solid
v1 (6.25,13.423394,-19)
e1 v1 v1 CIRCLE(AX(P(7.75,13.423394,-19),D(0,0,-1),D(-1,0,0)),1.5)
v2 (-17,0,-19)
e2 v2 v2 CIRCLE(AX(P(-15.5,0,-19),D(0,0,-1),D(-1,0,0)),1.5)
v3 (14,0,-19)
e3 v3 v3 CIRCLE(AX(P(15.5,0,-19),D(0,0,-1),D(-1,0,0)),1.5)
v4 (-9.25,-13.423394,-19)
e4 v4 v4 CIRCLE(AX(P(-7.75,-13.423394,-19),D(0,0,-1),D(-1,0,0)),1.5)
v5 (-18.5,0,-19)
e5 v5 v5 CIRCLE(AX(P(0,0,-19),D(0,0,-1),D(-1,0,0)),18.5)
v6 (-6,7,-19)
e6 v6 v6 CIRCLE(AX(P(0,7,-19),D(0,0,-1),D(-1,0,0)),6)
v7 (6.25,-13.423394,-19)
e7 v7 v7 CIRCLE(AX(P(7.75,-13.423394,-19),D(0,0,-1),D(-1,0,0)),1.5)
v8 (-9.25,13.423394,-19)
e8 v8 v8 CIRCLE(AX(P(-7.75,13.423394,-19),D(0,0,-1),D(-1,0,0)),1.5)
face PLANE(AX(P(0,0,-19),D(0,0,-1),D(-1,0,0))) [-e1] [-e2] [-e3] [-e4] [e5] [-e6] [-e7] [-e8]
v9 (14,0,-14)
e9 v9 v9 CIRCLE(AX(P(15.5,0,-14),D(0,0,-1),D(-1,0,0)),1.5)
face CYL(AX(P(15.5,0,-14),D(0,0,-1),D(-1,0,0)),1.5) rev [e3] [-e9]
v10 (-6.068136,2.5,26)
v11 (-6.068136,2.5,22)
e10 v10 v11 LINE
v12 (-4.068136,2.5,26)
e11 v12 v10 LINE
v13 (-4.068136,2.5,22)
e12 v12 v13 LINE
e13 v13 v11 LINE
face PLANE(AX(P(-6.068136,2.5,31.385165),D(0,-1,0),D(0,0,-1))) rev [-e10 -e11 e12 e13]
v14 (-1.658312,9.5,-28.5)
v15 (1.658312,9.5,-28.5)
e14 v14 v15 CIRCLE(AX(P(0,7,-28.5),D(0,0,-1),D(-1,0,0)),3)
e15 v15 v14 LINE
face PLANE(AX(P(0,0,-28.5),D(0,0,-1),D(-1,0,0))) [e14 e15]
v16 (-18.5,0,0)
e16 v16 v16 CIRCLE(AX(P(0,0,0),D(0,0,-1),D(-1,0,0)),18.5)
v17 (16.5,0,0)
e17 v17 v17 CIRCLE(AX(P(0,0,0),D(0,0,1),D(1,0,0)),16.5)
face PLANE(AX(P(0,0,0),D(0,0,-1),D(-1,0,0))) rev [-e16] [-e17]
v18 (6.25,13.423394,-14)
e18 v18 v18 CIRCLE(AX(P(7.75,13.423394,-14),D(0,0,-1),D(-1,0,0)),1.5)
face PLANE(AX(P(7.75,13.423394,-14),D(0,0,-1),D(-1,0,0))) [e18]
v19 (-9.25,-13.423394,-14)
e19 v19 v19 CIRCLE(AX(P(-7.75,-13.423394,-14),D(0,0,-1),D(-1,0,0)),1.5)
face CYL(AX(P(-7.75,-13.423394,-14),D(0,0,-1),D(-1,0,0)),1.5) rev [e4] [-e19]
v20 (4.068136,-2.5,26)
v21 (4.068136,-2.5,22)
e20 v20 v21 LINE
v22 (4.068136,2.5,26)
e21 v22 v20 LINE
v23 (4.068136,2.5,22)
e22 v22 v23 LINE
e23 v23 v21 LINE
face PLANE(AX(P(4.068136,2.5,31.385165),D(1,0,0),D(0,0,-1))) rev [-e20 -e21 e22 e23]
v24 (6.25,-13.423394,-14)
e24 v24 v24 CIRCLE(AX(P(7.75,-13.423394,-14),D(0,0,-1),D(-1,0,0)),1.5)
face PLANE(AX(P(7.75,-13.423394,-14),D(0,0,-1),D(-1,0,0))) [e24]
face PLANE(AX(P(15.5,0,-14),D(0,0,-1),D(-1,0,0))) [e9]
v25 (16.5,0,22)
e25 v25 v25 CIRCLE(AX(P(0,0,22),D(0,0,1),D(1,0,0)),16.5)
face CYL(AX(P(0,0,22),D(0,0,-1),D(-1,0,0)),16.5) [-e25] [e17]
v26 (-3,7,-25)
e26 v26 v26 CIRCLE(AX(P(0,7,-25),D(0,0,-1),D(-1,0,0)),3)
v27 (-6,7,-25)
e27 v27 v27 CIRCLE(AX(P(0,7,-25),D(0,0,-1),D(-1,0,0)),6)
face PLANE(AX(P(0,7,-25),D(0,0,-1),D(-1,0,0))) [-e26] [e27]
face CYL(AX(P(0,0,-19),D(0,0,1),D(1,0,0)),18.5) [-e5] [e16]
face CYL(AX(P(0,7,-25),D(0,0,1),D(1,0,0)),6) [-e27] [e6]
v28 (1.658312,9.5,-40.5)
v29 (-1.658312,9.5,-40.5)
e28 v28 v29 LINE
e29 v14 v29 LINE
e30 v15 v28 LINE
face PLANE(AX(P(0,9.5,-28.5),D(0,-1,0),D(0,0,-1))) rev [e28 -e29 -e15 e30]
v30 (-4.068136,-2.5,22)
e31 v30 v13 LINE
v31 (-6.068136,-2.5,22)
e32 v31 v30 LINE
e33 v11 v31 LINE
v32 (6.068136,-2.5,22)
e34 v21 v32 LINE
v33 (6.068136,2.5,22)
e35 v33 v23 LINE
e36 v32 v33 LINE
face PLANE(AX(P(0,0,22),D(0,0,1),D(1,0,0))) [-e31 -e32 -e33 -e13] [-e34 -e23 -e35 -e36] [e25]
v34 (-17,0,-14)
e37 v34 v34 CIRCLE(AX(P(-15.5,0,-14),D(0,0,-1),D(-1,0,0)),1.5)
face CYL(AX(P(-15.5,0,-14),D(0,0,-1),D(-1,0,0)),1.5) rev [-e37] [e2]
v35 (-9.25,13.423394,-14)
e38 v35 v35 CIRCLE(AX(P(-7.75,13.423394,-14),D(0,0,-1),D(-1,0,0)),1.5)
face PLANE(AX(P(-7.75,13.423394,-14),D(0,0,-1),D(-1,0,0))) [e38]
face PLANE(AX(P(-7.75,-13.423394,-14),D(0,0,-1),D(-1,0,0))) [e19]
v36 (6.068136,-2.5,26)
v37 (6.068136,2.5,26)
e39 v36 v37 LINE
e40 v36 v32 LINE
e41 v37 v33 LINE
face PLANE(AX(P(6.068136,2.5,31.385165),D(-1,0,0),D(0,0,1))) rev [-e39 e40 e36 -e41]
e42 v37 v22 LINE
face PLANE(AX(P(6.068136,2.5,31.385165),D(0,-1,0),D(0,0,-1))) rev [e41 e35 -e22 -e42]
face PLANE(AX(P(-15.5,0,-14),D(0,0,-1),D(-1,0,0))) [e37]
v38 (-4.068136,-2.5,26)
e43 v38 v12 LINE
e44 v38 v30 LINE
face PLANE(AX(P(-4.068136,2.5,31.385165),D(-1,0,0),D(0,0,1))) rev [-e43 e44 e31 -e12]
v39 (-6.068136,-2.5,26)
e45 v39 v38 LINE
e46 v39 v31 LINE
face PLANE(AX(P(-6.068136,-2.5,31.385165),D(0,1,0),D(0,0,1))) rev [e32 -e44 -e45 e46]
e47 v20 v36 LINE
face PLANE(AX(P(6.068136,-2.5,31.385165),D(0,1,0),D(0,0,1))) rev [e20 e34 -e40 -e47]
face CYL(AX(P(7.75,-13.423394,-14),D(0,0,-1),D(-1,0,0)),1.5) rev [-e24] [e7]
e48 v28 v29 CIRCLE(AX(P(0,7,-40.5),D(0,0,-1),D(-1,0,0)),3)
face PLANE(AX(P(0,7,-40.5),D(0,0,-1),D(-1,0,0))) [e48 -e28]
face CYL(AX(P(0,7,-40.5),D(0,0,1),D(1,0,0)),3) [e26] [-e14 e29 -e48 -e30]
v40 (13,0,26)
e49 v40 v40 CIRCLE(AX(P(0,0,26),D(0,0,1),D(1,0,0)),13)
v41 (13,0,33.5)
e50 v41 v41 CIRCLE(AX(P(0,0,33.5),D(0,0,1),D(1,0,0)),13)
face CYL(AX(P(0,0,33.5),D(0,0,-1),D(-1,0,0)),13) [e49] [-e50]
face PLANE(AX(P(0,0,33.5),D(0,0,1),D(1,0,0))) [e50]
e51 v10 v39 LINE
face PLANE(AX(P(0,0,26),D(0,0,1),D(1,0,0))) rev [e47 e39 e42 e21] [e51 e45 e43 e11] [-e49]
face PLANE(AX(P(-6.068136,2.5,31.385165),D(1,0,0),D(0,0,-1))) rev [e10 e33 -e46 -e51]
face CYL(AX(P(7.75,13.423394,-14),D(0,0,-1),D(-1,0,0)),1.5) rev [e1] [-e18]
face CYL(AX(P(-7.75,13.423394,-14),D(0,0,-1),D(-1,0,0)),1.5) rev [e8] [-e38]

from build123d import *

# Parameters (mm, degrees)
SKETCH1_R           = 16.5
BOSS_EXTRUDE1_DEPTH = 22
SKETCH2_R           = 18.5
BOSS_EXTRUDE2_DEPTH = 19
SKETCH3_R           = 6
BOSS_EXTRUDE3_DEPTH = 6
SKETCH4_R           = 3
BOSS_EXTRUDE4_DEPTH = 15.5
CUT_EXTRUDE1_DEPTH  = 12
SKETCH6_R           = 1.5
CUT_EXTRUDE2_DEPTH  = 5
BOSS_EXTRUDE5_START = 4
SKETCH7_R           = 13
BOSS_EXTRUDE5_DEPTH = 7.5
SKETCH8_W           = 2
SKETCH8_H           = 5
BOSS_EXTRUDE6_DEPTH = 4


with BuildPart() as part:
    # Sketch1 → Boss-Extrude1 (new body)
    with BuildSketch(Plane.XY):
        Circle(SKETCH1_R)
    extrude(amount=BOSS_EXTRUDE1_DEPTH)

    # Sketch2 → Boss-Extrude2 (add)
    with BuildSketch(Plane(origin=(0, 0, 0), x_dir=(-1, 0, 0), z_dir=(0, 0, -1))):
        Circle(SKETCH2_R)
    extrude(amount=BOSS_EXTRUDE2_DEPTH)

    # Sketch3 → Boss-Extrude3 (add)
    with BuildSketch(Plane(origin=(0, 0, -19), x_dir=(-1, 0, 0), z_dir=(0, 0, -1))):
        with Locations((0, 7)):
            Circle(SKETCH3_R)
    extrude(amount=BOSS_EXTRUDE3_DEPTH)

    # Sketch4 → Boss-Extrude4 (add)
    with BuildSketch(Plane(origin=(0, 0, -25), x_dir=(-1, 0, 0), z_dir=(0, 0, -1))):
        with Locations((0, 7)):
            Circle(SKETCH4_R)
    extrude(amount=BOSS_EXTRUDE4_DEPTH)

    # Sketch5 → Cut-Extrude1 (cut)
    with BuildSketch(Plane(origin=(0, 0, -40.5), x_dir=(-1, 0, 0), z_dir=(0, 0, -1))):
        Polygon((-80.661429966, 9.5), (-1.658312395, 9.5), (1.658312395, 9.5), (80.661429966, 9.5), (80.661429966, 167.506235142), (-80.661429966, 167.506235142), align=None)
    extrude(amount=-CUT_EXTRUDE1_DEPTH, mode=Mode.SUBTRACT)

    # Sketch6 → Cut-Extrude2 (cut)
    with BuildSketch(Plane(origin=(0, 0, -19), x_dir=(-1, 0, 0), z_dir=(0, 0, -1))):
        with Locations((-15.5, 0)):
            Circle(SKETCH6_R)
        with Locations((-7.75, 13.423393759)):
            Circle(SKETCH6_R)
        with Locations((7.75, 13.423393759)):
            Circle(SKETCH6_R)
        with Locations((15.5, 0)):
            Circle(SKETCH6_R)
        with Locations((7.75, -13.423393759)):
            Circle(SKETCH6_R)
        with Locations((-7.75, -13.423393759)):
            Circle(SKETCH6_R)
    extrude(amount=-CUT_EXTRUDE2_DEPTH, mode=Mode.SUBTRACT)



with BuildPart() as body_2:
    # Sketch7 → Boss-Extrude5 (new body)
    with BuildSketch(Plane.XY.offset(22).offset(BOSS_EXTRUDE5_START)):
        Circle(SKETCH7_R)
    extrude(amount=BOSS_EXTRUDE5_DEPTH)


with BuildPart() as part_1:
    add(part.part)

    add(body_2.part)  # Boss-Extrude6 merges body 2
    # Sketch8 → Boss-Extrude6 (add)
    with BuildSketch(Plane.XY.offset(22)):
        with Locations((-5.068135622, 0)):
            Rectangle(SKETCH8_W, SKETCH8_H)
        with Locations((5.068135622, 0)):
            Rectangle(SKETCH8_W, SKETCH8_H)
    extrude(amount=BOSS_EXTRUDE6_DEPTH)


solid = part_1.part
